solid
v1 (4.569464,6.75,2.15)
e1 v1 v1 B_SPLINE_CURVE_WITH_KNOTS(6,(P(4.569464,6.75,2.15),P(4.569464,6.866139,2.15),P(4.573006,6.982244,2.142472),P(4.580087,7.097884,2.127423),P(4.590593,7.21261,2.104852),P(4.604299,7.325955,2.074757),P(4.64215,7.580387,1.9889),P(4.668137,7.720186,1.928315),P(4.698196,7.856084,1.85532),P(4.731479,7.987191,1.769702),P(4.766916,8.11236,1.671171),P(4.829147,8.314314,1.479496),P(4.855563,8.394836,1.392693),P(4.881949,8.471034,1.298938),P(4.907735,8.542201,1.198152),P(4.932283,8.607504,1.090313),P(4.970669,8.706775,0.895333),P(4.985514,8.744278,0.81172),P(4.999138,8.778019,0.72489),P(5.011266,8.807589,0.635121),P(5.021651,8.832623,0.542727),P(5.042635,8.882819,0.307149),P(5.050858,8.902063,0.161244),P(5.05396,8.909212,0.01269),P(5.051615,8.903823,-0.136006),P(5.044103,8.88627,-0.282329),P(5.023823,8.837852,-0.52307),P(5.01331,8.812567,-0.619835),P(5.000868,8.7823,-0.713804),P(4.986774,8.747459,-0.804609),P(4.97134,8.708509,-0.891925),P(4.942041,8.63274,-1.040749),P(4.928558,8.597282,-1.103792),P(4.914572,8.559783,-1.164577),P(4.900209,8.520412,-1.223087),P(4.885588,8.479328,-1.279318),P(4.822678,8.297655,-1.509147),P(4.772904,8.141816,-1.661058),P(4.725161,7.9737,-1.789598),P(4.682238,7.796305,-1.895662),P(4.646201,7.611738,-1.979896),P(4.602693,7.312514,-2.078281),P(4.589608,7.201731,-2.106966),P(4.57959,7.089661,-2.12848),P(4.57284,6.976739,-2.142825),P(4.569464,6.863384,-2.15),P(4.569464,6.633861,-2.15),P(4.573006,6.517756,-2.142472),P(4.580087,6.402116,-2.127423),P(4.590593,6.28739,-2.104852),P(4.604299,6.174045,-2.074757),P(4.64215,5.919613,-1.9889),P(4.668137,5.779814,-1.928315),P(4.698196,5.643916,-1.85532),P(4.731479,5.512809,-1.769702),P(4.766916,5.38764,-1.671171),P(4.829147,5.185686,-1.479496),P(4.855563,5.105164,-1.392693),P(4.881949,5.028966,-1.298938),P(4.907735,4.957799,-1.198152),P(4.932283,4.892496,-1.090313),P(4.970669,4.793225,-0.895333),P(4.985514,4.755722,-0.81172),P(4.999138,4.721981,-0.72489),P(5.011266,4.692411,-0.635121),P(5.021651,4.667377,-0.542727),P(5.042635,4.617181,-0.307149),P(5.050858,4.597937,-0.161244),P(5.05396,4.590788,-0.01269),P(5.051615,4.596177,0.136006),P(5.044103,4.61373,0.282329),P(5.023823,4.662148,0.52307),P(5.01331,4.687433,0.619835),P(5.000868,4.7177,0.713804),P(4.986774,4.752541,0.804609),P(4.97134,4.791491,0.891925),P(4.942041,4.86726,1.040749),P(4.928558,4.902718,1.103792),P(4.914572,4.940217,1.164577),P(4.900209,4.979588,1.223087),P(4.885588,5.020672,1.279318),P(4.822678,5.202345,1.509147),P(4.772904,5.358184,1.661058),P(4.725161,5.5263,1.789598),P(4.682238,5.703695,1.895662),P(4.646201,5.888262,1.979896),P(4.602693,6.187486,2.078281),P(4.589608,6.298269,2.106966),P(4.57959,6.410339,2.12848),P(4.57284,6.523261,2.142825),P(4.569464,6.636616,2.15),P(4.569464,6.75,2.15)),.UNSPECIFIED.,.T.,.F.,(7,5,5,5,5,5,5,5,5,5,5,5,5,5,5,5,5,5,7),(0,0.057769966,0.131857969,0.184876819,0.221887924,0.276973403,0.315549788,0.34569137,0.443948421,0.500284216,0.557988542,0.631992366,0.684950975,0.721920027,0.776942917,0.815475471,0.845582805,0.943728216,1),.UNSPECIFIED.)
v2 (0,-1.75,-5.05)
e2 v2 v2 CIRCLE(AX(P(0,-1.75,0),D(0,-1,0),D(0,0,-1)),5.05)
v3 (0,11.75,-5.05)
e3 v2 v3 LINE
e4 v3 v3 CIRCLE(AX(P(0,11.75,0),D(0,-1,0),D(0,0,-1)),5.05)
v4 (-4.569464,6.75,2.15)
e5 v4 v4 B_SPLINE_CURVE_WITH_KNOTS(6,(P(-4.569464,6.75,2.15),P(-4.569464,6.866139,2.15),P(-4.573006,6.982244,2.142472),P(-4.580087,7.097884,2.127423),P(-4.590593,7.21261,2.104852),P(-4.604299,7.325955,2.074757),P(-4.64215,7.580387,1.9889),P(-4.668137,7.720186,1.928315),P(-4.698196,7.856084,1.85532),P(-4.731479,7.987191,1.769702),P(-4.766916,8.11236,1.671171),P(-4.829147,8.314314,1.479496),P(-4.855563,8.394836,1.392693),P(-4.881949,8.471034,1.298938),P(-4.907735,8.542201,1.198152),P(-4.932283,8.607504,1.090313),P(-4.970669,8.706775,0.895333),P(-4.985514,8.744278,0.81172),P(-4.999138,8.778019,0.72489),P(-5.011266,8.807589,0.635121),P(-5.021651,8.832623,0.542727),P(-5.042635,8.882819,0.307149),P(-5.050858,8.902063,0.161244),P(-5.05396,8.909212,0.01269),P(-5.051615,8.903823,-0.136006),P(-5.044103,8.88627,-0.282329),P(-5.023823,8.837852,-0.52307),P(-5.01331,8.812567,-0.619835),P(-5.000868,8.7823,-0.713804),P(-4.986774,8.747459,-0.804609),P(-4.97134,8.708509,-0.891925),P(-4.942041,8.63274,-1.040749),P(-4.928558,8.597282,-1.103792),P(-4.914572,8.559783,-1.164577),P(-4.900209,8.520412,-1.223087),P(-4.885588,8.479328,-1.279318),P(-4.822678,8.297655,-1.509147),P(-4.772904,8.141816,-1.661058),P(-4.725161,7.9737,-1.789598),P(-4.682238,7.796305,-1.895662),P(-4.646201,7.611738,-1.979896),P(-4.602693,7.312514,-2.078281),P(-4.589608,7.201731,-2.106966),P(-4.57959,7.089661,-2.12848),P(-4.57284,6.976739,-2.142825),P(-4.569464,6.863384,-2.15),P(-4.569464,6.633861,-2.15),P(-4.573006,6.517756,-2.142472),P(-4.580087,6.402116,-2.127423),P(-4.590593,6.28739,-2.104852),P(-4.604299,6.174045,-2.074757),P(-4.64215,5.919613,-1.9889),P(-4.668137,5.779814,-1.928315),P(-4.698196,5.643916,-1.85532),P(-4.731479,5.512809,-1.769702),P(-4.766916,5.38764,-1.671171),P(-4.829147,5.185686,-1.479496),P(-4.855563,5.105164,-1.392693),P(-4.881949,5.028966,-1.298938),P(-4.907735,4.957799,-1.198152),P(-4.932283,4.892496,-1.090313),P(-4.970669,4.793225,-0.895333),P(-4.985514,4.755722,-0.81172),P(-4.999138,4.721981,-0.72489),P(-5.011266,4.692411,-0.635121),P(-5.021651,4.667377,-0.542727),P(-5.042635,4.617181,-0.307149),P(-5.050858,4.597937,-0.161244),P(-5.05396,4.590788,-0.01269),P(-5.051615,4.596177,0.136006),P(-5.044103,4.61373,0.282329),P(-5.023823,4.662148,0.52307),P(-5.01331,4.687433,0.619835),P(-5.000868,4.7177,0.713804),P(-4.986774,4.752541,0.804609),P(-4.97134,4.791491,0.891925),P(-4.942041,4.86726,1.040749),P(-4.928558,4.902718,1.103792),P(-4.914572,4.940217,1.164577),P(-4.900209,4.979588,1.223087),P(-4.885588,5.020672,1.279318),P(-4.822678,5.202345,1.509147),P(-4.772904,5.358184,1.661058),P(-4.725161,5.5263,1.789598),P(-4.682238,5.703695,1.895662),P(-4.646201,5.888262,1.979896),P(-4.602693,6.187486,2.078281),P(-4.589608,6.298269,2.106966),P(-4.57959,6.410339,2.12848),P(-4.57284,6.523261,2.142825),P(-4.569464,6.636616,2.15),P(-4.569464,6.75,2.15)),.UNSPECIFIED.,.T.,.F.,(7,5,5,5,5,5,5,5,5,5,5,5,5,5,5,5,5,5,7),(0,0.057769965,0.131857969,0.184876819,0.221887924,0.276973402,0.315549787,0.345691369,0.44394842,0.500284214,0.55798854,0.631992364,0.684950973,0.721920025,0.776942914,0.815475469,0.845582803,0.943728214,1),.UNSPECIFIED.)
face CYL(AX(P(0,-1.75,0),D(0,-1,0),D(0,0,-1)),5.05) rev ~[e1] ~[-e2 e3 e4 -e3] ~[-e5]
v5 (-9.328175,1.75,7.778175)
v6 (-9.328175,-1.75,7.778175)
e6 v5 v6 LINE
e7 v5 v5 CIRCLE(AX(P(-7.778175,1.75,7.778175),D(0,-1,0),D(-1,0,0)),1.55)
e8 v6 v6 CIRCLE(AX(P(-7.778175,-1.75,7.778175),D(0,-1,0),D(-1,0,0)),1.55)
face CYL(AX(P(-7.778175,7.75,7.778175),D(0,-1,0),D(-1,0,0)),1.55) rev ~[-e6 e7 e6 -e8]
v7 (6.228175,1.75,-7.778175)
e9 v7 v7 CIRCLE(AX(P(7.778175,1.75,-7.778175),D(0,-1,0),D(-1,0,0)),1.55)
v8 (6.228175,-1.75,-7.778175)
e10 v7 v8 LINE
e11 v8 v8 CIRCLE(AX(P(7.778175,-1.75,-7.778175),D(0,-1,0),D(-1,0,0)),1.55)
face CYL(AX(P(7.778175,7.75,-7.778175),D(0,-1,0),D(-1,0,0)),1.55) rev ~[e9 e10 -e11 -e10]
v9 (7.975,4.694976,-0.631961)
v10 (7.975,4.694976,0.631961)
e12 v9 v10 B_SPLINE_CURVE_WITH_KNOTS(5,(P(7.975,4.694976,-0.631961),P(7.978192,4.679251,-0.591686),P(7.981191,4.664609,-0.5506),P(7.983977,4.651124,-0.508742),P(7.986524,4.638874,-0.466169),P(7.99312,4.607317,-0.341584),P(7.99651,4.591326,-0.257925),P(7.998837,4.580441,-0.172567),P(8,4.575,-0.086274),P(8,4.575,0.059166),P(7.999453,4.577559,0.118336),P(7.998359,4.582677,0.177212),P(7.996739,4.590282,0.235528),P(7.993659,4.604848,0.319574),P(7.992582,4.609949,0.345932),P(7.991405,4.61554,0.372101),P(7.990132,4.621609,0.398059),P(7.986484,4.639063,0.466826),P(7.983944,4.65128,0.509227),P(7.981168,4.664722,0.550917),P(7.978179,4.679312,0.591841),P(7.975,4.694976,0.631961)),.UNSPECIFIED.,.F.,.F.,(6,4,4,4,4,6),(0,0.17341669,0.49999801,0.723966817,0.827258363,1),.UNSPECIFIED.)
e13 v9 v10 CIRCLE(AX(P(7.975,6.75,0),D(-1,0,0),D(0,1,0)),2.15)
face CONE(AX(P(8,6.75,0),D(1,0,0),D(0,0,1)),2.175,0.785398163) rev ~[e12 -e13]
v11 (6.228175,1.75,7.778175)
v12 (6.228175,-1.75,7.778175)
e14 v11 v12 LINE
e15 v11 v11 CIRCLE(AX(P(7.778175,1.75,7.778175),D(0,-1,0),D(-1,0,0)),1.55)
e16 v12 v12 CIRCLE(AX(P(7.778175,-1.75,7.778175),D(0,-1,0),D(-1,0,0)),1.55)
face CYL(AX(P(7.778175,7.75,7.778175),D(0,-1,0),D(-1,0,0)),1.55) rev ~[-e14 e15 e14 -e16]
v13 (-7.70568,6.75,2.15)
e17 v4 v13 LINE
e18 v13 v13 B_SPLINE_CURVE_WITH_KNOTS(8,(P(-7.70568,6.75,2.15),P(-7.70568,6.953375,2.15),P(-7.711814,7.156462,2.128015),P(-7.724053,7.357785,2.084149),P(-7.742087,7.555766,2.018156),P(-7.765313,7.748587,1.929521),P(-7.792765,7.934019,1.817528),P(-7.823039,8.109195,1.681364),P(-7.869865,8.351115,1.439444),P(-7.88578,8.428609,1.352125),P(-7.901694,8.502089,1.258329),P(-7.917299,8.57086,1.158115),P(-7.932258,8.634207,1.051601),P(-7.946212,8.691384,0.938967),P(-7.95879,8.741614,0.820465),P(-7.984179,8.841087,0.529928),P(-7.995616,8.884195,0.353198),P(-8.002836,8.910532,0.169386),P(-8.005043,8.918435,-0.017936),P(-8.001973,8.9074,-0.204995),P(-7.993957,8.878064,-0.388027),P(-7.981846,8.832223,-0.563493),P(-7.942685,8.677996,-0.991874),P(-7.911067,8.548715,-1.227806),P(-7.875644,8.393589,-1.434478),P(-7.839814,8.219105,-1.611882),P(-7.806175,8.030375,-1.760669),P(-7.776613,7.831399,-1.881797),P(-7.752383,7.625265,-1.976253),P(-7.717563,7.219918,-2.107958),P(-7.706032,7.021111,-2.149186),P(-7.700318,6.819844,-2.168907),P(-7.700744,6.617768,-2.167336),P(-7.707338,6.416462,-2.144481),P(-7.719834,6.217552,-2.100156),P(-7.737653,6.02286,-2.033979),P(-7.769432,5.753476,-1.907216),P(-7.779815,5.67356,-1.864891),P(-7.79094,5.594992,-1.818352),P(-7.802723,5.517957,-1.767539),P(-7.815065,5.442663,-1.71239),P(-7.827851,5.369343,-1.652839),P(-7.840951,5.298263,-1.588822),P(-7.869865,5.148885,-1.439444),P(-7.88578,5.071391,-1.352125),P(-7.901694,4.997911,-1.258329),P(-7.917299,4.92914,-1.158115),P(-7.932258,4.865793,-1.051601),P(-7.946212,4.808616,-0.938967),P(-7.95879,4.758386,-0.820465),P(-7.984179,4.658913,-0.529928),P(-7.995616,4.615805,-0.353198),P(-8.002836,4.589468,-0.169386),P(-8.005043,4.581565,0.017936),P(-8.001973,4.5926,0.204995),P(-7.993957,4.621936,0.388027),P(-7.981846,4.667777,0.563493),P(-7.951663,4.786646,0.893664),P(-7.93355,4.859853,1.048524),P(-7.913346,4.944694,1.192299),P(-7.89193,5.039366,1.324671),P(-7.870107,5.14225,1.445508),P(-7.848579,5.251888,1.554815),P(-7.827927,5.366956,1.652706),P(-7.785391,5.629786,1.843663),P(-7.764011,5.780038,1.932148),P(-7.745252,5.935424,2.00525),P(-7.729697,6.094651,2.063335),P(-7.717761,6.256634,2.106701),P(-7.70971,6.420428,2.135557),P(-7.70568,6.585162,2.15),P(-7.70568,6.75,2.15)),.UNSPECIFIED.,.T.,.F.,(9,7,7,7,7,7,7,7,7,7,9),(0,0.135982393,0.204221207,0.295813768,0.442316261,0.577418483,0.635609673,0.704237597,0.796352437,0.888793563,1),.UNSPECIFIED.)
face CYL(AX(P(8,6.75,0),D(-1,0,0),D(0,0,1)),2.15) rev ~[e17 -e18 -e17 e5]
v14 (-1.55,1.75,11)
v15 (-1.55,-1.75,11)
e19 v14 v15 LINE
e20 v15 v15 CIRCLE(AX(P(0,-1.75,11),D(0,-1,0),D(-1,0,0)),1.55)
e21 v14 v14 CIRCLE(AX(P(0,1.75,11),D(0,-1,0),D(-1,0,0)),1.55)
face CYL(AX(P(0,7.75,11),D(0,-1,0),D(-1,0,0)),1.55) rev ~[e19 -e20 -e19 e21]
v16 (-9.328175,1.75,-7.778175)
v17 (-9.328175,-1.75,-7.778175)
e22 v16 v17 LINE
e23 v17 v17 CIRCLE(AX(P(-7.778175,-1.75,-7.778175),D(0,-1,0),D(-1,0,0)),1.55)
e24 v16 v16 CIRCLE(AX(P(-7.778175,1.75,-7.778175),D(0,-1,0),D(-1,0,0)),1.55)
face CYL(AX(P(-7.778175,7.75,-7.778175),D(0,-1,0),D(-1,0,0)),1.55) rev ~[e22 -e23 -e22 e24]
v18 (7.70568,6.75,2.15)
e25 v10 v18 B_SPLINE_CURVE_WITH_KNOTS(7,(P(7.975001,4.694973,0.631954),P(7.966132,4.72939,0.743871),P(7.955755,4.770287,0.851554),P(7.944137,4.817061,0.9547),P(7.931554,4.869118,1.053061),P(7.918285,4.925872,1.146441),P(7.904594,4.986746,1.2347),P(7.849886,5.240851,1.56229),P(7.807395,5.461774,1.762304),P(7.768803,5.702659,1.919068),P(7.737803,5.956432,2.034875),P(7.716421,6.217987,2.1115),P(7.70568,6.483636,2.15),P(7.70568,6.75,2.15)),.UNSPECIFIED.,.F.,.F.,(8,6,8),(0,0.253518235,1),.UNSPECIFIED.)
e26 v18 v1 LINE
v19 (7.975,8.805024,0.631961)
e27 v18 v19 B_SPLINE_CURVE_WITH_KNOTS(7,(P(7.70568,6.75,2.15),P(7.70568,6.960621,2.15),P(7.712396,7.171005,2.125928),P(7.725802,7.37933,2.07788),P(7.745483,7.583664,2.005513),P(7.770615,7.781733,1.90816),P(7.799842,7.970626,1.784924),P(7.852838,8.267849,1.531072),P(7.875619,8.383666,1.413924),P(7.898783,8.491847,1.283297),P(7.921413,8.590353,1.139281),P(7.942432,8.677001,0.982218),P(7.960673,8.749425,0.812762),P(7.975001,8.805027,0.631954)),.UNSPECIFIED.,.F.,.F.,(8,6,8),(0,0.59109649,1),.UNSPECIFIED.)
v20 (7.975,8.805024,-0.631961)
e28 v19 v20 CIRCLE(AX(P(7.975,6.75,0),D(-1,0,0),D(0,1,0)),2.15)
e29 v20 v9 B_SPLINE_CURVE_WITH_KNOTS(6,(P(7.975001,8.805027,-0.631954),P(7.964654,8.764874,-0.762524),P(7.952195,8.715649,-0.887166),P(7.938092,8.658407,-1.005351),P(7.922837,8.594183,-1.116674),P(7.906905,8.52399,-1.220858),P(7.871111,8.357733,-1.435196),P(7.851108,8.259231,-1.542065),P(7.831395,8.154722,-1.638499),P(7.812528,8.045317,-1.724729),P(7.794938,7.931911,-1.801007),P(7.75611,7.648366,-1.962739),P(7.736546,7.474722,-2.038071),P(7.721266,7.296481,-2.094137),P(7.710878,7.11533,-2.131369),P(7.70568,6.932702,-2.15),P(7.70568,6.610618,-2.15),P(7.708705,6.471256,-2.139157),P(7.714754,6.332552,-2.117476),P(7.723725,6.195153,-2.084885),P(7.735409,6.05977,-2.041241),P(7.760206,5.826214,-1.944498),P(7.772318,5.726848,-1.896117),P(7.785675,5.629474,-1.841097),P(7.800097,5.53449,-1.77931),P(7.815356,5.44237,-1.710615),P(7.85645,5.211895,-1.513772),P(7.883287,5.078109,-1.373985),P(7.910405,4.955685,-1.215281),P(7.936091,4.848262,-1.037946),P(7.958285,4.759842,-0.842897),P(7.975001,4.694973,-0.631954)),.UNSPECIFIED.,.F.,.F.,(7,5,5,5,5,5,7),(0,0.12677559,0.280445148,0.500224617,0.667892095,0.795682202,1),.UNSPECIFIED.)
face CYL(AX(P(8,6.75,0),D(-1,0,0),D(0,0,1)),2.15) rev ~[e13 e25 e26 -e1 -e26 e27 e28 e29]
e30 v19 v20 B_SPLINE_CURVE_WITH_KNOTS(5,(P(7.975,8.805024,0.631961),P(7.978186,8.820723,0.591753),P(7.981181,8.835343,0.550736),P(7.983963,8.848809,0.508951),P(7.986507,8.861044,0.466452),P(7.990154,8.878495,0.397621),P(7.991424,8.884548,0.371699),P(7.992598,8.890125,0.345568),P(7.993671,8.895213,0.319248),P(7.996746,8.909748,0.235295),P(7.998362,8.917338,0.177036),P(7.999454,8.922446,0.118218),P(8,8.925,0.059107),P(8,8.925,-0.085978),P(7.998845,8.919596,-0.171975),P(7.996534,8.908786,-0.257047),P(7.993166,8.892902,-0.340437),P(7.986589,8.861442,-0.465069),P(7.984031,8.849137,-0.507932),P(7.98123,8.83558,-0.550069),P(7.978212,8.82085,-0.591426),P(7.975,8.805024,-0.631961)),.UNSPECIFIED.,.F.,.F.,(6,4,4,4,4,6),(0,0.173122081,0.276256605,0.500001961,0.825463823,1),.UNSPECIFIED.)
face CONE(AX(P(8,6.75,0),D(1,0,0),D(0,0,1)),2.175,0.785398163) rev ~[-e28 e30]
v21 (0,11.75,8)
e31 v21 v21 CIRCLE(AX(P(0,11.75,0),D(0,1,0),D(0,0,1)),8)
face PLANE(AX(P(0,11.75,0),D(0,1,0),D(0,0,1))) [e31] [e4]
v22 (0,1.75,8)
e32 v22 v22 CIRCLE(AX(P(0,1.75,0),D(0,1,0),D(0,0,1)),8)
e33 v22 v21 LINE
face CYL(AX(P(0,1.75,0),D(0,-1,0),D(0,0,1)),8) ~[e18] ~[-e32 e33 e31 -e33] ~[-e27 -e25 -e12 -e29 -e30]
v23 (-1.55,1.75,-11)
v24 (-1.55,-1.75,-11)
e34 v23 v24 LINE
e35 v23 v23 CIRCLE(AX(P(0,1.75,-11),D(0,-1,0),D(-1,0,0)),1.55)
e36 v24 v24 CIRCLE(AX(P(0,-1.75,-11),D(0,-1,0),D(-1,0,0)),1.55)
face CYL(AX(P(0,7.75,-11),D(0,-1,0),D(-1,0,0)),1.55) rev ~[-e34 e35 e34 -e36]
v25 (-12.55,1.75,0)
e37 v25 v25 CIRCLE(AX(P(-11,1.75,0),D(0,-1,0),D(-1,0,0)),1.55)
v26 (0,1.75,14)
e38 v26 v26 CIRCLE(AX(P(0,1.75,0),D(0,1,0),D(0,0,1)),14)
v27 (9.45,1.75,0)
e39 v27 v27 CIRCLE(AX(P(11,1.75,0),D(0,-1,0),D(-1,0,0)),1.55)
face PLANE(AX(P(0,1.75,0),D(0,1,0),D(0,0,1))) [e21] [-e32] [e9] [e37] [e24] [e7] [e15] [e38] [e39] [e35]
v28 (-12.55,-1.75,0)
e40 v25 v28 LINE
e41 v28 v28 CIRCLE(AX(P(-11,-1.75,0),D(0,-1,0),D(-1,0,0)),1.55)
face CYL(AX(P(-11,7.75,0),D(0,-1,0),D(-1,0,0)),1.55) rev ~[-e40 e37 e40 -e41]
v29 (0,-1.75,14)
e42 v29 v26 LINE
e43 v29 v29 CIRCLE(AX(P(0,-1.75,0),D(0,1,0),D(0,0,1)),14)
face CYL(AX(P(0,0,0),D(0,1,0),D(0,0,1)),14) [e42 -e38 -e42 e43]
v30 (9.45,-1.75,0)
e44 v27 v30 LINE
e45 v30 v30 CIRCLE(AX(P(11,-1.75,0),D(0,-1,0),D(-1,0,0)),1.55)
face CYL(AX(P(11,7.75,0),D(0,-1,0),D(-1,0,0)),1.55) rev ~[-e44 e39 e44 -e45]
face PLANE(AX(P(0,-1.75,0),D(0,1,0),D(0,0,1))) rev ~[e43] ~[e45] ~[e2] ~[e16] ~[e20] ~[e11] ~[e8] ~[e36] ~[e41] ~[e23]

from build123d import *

# Parameters (mm, degrees)
SKETCH1_R                      = 14
BOSS_EXTRUDE1_DEPTH            = 1.75
M2_5_CLEARANCE_HOLE1_D         = 3.1
M2_5_CLEARANCE_HOLE1_DEPTH     = 6
M2_5_CLEARANCE_HOLE1_TIP       = 0.931333959
SKETCH9_R                      = 8
BOSS_EXTRUDE2_DEPTH            = 10
SKETCH7_R                      = 5.05
CUT_EXTRUDE1_DEPTH             = 24.963513933
M4_CLEARANCE_HOLE1_D           = 4.3
M4_CLEARANCE_HOLE1_DEPTH       = 25.4
M4_CLEARANCE_HOLE1_CSINK_D     = 4.35
M4_CLEARANCE_HOLE1_CSINK_ANGLE = 90
M4_CLEARANCE_HOLE1_TIP         = 1.291850331


with BuildPart() as part:
    # Sketch1 → Boss-Extrude1 (new, symmetric)
    with BuildSketch(Plane(origin=(0, 0, 0), x_dir=(1, 0, 0), z_dir=(0, 1, 0))):
        with Locations(Location((0, 0, 0), (0, 0, 270))):
            Circle(SKETCH1_R)
    extrude(amount=BOSS_EXTRUDE1_DEPTH, both=True)

    # M2.5 Clearance Hole1
    with Locations(Plane(origin=(0, 1.75, 0), x_dir=(1, 0, 0), z_dir=(0, 1, 0))):
        with Locations((-11, 0), (-7.778174593, 7.778174593), (0, 11), (7.778174593, 7.778174593), (11, 0), (7.778174593, -7.778174593), (0, -11), (-7.778174593, -7.778174593)):
            Hole(M2_5_CLEARANCE_HOLE1_D / 2, depth=M2_5_CLEARANCE_HOLE1_DEPTH)
            with Locations((0, 0, -(M2_5_CLEARANCE_HOLE1_DEPTH + M2_5_CLEARANCE_HOLE1_TIP / 2))):  # 118° drill point
                Cone(0, M2_5_CLEARANCE_HOLE1_D / 2, M2_5_CLEARANCE_HOLE1_TIP, mode=Mode.SUBTRACT)

    # Sketch9 → Boss-Extrude2 (add)
    with BuildSketch(Plane(origin=(0, 1.75, 0), x_dir=(1, 0, 0), z_dir=(0, 1, 0))):
        with Locations(Location((0, 0, 0), (0, 0, 270))):
            Circle(SKETCH9_R)
    extrude(amount=BOSS_EXTRUDE2_DEPTH)

    # Sketch7 → Cut-Extrude1 (cut, through all)
    with BuildSketch(Plane.XZ.offset(1.75)):
        with Locations(Location((0, 0, 0), (0, 0, 270))):
            Circle(SKETCH7_R)
    extrude(amount=-CUT_EXTRUDE1_DEPTH, mode=Mode.SUBTRACT)

    # M4 Clearance Hole1
    with Locations(Plane(origin=(8, 0, 0), x_dir=(0, 0, -1), z_dir=(1, 0, 0))):
        with Locations((0, 6.75)):
            CounterSinkHole(M4_CLEARANCE_HOLE1_D / 2, M4_CLEARANCE_HOLE1_CSINK_D / 2, depth=M4_CLEARANCE_HOLE1_DEPTH, counter_sink_angle=M4_CLEARANCE_HOLE1_CSINK_ANGLE)
            with Locations((0, 0, -(M4_CLEARANCE_HOLE1_DEPTH + M4_CLEARANCE_HOLE1_TIP / 2))):  # 118° drill point
                Cone(0, M4_CLEARANCE_HOLE1_D / 2, M4_CLEARANCE_HOLE1_TIP, mode=Mode.SUBTRACT)


solid = part.part
